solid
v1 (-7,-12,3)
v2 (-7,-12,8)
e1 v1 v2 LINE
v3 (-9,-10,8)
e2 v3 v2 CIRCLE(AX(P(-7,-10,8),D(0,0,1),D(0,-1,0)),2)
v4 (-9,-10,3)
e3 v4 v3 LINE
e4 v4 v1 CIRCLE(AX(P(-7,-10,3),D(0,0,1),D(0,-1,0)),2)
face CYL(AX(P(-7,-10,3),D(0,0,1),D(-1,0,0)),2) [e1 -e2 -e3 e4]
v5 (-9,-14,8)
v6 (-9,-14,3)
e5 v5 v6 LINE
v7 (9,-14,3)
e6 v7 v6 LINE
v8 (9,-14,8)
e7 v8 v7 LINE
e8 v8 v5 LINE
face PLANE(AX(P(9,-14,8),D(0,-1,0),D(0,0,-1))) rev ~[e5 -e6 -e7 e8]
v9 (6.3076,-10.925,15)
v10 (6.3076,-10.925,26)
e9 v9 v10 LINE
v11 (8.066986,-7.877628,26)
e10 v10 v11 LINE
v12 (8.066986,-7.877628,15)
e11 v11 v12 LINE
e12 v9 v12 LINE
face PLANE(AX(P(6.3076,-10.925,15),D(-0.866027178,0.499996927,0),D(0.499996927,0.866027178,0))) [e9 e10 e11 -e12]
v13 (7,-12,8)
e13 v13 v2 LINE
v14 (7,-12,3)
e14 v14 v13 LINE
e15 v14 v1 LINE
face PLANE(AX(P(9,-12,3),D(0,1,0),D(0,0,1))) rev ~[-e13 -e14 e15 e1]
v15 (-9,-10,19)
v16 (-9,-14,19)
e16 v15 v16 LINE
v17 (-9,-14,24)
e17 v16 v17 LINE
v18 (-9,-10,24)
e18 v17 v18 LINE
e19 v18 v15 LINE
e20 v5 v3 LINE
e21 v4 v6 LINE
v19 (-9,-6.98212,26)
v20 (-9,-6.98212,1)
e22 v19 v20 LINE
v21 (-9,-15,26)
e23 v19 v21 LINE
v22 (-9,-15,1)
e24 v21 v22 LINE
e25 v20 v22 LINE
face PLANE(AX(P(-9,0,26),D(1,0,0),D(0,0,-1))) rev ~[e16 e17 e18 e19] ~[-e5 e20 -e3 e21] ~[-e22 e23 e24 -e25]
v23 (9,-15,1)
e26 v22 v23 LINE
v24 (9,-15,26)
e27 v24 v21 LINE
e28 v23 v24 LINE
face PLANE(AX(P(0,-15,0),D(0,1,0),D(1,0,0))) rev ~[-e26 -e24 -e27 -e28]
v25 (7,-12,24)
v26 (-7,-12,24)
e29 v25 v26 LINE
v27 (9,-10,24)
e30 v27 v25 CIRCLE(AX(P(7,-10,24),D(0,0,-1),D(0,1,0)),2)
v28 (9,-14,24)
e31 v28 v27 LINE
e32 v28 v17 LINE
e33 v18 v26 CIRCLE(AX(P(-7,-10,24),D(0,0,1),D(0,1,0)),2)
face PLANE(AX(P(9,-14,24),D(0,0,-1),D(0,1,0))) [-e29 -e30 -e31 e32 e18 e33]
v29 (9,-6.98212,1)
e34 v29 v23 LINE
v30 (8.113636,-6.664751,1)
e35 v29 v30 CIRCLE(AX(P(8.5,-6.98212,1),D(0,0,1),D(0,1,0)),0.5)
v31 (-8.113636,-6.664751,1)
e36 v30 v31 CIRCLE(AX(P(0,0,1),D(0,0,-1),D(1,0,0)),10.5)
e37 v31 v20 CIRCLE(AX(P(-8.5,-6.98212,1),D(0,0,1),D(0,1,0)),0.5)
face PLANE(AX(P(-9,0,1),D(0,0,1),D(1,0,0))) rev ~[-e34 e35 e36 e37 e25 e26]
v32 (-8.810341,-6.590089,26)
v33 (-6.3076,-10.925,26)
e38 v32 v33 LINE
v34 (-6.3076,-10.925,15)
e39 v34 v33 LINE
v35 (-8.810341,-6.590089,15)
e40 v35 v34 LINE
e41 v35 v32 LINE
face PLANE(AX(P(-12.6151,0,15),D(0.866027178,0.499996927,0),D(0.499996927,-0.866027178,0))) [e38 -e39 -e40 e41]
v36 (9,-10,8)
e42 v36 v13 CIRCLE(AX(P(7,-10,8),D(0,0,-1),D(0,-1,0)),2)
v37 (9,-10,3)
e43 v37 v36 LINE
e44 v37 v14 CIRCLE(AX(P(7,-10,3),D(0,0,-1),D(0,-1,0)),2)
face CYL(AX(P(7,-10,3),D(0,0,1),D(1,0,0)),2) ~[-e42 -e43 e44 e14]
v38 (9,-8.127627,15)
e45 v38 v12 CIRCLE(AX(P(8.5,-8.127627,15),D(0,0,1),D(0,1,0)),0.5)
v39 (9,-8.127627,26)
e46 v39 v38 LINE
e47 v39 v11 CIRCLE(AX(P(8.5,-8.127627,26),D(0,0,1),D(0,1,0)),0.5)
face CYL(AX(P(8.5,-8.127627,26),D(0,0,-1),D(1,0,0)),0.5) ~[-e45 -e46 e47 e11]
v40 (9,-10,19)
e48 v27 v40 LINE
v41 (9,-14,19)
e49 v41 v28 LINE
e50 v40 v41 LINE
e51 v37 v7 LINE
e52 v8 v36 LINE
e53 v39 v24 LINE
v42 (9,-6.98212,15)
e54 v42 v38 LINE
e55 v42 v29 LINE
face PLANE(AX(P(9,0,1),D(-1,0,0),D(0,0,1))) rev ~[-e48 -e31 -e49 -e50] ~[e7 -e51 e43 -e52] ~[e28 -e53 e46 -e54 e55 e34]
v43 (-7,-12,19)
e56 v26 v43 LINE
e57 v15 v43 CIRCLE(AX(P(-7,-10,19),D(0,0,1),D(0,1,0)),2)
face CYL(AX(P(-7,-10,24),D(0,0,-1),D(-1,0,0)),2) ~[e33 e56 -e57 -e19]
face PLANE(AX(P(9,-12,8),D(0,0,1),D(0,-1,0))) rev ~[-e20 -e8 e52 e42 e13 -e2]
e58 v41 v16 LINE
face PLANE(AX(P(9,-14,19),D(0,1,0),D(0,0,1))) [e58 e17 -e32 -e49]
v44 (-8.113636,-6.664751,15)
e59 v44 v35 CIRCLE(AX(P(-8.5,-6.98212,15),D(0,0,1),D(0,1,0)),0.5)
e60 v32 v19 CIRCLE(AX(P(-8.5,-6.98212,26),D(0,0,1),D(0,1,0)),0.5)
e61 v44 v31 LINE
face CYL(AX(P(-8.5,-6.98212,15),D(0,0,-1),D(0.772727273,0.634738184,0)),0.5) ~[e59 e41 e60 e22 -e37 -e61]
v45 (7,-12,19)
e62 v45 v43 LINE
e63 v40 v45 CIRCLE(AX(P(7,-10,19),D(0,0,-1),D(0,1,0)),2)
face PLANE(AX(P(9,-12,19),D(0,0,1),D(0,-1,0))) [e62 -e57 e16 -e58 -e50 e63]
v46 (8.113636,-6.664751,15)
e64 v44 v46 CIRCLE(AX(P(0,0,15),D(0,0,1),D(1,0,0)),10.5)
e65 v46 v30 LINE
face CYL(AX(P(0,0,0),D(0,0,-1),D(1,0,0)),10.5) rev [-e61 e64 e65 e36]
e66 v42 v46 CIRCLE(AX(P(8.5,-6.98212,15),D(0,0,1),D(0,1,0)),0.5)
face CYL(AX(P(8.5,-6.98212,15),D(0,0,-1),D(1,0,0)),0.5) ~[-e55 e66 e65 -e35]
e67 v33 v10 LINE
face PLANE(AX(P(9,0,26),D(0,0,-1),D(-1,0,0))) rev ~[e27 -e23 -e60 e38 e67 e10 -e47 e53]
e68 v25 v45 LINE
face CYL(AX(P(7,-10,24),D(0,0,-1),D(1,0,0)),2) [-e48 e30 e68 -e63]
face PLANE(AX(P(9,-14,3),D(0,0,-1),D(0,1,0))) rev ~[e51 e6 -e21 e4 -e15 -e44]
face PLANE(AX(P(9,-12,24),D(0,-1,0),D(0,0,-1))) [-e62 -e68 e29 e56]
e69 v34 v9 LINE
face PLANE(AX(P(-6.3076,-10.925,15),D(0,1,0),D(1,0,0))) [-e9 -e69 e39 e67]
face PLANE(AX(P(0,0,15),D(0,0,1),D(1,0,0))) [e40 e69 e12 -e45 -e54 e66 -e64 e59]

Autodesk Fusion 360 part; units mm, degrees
sketch "Sketch1" plane through (0, 0, 0) normal (0, 0, 1) x (1, 0, 0)
  circle A0 centre (0, 0) radius 10.5
  line L0 (-6.3076, 10.925) -> (-12.6151, 0)
  line L1 (-12.6151, 0) -> (-6.3076, -10.925)
  line L2 (-6.3076, -10.925) -> (6.3076, -10.925)
  line L3 (6.3076, -10.925) -> (12.6151, 0)
  line L4 (12.6151, 0) -> (6.3076, 10.925)
  line L5 (6.3076, 10.925) -> (-6.3076, 10.925)
  line L6 (-4.6188, 8) -> (-9.2376, 0)
  line L7 (-9.2376, 0) -> (-4.6188, -8)
  line L8 (-4.6188, -8) -> (4.6188, -8)
  line L9 (4.6188, -8) -> (9.2376, 0)
  line L10 (9.2376, 0) -> (4.6188, 8)
  line L11 (4.6188, 8) -> (-4.6188, 8)
  dimension "d2" = 21
  dimension "d3" = 10.925
  dimension "d15" = 8
extrude "Extrude2" add sketch "Sketch1" along normal blind 15 contours A0 | L6 L7 L8 L9 L10 L11 makes body 1
extrude "Extrude3" add sketch "Sketch1" along normal blind 12 from surface at 15 contours A0 | L0 L1 L2 L3 L4 L5 | L6 L7 L8 L9 L10 L11 bodies 1
extrude "Extrude4" add sketch "Sketch1" along normal blind 17 from surface at 27 contours L6 L7 L8 L9 L10 L11 bodies 1
sketch "Sketch2" plane through (0, 0, 0) normal (0, 1, 0) x (1, 0, 0)
  line L0 (-9, -1) -> (9, -1)
  line L1 (9, -1) -> (9, -26)
  line L2 (9, -26) -> (-9, -26)
  line L3 (-9, -26) -> (-9, -1)
extrude "Extrude5" add sketch "Sketch2" against normal blind 15 separate body makes body 2
combine "Combine1" operation cut target body 2 tool bodies 1 keep tools
sketch "Sketch3" plane through (9, 0, 0) normal (1, 0, 0) x (0, 1, 0)
  line L0 (-6.2615, 15) -> (-6.2615, 26)
  line L1 (-6.2615, 26) -> (-15, 26)
  line L2 (-15, 26) -> (-15, 1)
  line L3 (-15, 1) -> (-5.4083, 1)
  line L4 (-5.4083, 1) -> (-5.4083, 15)
  line L5 (-5.4083, 15) -> (-6.2615, 15)
  line L6 (-14, 24) -> (-12, 24)
  line L7 (-12, 24) -> (-12, 19)
  line L8 (-12, 19) -> (-14, 19)
  line L9 (-14, 19) -> (-14, 24)
  line L10 (-14, 3) -> (-12, 3)
  line L11 (-12, 3) -> (-12, 8)
  line L12 (-12, 8) -> (-14, 8)
  line L13 (-14, 8) -> (-14, 3)
  dimension "d24" = 2
  dimension "d25" = 5
  dimension "d26" = 2
  dimension "d27" = 5
  dimension "d28" = 2
  dimension "d29" = 2
extrude "Extrude6" cut sketch "Sketch3" against normal blind 28 contours L6 L7 L8 L9 | L10 L11 L12 L13 bodies 2
fillet "Fillet1" radius 2 4 edges at (9, -12, 21.5) (9, -12, 5.5) (-9, -12, 21.5) (-9, -12, 5.5) on bodies 2
fillet "Fillet2" radius 0.5 4 edges at (-9, -5.4083, 8) (-9, -6.2615, 20.5) (9, -6.2615, 20.5) (9, -5.4083, 8) on bodies 2
hidden bodies 1
equation "d3 = 21.85 mm / 2"
equation "d26 = d24"
equation "d27 = d25"
equation "d28 = d24"
equation "d29 = d24"
